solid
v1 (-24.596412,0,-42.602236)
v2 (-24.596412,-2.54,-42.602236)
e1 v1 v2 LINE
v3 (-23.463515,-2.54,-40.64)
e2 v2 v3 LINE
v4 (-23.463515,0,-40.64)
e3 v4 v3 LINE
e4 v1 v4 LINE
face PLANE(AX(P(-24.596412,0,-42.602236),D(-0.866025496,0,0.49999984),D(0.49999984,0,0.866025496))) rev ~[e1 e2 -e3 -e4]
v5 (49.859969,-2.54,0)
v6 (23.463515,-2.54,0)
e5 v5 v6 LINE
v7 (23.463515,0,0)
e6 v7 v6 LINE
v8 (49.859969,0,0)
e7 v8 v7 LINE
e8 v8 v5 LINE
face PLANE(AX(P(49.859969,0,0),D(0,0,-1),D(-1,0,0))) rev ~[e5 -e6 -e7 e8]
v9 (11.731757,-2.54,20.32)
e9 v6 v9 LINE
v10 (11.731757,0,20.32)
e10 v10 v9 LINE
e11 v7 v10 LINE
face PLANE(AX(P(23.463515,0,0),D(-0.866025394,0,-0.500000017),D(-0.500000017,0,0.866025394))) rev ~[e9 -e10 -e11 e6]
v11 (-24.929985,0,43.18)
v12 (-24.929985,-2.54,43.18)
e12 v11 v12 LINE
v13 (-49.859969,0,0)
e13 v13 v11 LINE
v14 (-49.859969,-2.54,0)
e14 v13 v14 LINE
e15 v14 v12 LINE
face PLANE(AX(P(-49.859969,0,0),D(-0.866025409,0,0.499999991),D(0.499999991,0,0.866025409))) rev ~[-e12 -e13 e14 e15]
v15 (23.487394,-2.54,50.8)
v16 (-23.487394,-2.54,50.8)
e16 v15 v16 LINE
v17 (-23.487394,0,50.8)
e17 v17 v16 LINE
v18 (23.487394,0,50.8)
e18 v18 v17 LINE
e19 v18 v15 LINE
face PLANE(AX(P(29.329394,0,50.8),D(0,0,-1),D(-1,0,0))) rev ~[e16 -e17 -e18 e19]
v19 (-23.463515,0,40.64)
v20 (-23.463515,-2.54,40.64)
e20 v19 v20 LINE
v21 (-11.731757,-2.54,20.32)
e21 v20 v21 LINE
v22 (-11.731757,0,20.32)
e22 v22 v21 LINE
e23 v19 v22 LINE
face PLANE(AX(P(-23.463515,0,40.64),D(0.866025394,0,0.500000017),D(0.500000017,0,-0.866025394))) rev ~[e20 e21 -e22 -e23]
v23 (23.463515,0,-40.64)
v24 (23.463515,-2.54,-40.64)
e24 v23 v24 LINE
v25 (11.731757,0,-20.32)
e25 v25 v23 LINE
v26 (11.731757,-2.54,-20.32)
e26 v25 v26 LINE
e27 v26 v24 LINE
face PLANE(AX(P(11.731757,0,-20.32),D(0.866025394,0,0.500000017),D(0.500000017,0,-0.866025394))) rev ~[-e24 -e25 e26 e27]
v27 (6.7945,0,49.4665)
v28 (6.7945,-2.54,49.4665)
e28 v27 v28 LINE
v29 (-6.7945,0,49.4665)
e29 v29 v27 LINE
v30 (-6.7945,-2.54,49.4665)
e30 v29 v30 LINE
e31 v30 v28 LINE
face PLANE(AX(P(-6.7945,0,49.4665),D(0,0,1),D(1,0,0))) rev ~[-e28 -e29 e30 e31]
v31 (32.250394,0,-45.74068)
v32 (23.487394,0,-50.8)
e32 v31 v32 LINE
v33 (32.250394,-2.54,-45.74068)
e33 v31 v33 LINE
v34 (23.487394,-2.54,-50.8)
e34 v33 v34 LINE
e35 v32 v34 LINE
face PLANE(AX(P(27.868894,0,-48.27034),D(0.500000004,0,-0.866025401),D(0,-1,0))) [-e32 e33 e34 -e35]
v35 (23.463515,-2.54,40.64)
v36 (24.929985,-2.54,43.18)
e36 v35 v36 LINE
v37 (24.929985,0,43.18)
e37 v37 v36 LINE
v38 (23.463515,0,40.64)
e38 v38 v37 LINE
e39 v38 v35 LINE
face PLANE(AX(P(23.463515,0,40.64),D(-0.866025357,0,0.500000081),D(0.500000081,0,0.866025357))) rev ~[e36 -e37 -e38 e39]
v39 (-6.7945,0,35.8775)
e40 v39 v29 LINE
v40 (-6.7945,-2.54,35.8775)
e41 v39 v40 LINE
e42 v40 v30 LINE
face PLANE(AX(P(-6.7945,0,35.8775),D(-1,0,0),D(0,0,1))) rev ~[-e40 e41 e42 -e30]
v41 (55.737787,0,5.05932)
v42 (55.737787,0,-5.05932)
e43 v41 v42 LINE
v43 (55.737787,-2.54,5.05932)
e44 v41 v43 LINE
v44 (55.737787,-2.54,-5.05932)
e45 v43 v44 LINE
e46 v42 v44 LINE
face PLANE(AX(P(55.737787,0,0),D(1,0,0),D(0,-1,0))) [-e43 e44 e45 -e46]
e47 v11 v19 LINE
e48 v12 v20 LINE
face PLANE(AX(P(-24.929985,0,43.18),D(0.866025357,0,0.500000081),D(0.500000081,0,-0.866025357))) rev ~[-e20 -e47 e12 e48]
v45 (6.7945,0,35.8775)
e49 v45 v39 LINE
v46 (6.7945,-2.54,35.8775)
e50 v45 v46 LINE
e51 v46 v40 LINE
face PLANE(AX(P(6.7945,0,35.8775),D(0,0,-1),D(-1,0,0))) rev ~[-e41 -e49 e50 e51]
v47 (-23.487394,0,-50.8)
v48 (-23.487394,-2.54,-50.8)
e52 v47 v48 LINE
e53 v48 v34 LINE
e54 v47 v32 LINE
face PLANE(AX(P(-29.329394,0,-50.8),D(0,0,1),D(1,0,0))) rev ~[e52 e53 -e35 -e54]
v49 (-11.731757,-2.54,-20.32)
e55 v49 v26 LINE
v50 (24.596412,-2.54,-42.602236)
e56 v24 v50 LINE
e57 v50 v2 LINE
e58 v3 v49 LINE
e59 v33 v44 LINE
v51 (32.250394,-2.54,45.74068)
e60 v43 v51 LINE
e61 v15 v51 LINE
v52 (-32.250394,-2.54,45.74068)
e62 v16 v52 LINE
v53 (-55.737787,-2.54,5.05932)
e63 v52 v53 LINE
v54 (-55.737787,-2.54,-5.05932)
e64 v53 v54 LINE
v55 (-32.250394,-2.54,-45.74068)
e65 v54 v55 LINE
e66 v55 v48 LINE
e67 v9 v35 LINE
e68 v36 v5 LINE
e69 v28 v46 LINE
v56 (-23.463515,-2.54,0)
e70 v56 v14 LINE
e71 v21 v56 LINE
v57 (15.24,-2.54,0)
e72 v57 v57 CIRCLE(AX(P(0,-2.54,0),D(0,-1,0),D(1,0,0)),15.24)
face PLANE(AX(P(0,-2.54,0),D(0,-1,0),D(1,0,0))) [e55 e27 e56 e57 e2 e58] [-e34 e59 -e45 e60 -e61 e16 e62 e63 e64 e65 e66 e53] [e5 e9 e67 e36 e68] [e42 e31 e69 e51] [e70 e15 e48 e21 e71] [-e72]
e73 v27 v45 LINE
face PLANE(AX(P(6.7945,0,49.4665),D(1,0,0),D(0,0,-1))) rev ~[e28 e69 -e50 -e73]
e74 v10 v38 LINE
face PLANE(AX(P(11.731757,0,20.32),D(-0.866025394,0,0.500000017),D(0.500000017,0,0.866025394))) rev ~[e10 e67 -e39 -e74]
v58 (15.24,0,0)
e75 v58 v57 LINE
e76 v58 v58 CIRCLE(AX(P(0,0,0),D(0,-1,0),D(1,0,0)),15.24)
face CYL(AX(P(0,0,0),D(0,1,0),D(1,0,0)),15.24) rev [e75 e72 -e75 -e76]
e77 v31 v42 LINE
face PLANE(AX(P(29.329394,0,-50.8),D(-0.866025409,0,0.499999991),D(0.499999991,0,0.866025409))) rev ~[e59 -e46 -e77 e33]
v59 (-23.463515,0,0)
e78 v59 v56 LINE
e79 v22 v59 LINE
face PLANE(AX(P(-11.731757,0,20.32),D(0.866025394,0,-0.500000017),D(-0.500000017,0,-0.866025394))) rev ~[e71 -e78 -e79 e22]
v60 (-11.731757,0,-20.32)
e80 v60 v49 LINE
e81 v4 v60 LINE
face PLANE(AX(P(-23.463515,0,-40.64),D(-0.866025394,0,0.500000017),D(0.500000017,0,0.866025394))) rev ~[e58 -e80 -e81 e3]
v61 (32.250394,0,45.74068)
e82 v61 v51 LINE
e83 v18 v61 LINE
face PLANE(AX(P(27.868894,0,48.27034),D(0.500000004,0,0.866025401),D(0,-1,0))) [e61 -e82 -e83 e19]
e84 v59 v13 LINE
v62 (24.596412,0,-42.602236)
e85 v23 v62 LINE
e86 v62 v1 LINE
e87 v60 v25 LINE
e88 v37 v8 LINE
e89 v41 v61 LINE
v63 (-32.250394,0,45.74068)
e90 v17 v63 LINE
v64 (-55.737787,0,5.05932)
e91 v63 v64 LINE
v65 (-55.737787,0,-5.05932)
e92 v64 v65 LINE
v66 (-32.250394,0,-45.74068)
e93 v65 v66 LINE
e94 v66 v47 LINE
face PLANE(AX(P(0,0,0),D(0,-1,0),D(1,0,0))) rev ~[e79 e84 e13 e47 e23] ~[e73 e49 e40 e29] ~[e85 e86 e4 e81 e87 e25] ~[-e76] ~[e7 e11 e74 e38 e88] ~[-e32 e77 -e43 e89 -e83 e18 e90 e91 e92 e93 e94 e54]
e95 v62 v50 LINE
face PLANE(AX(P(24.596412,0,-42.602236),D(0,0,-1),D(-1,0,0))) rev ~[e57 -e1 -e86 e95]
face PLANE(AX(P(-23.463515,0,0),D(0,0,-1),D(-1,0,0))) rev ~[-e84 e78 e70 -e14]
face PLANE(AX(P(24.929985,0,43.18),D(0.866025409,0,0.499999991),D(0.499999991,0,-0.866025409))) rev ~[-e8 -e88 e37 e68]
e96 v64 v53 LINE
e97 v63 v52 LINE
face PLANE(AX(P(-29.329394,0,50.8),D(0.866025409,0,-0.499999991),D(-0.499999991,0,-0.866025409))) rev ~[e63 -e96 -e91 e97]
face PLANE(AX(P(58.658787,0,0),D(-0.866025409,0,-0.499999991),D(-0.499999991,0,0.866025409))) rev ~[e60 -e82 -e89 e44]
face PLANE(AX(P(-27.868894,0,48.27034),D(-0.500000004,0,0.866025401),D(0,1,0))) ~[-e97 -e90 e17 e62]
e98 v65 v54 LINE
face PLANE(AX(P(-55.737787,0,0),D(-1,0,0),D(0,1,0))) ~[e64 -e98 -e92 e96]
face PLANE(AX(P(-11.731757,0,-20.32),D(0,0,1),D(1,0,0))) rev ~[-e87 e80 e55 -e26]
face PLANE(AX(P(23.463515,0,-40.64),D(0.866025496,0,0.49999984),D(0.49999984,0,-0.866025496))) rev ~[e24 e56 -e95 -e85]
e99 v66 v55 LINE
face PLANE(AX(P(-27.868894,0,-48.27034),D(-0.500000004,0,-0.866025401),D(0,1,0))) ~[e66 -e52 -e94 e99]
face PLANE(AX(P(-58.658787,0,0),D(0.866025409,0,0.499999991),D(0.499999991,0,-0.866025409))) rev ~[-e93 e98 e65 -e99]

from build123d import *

# Parameters (mm, degrees)
F0_R     = 15.24
F1_DEPTH = 2.54
F2_SIZE  = 5.842


with BuildPart() as f1:
    # F0 (on Front) → F1 (new body)
    with BuildSketch(Plane.XZ):
        Polygon((29.329394, 50.8), (-29.329394, 50.8), (-58.658787, 0), (-29.329394, -50.8), (29.329394, -50.8), (58.658787, 0), align=None)
        Polygon((-30.429246, 42.545), (-27.496307, 47.625), (-21.630428, 47.625), (-6.7945, 47.625), (-6.7945, 49.4665), (6.7945, 49.4665), (6.7945, 47.625), (21.630428, 47.625), (27.496307, 47.625), (30.429246, 42.545), (52.059674, 5.08), (54.992613, 0), (52.059674, -5.08), (30.429246, -42.545), (27.496307, -47.625), (21.630428, -47.625), (-21.630428, -47.625), (-27.496307, -47.625), (-30.429246, -42.545), (-52.059674, -5.08), (-54.992613, 0), (-52.059674, 5.08), align=None, mode=Mode.SUBTRACT)
        Polygon((-6.7945, 47.625), (-21.630428, 47.625), (-30.429246, 42.545), (-52.059674, 5.08), (-52.059674, -5.08), (-30.429246, -42.545), (-21.630428, -47.625), (21.630428, -47.625), (30.429246, -42.545), (52.059674, -5.08), (52.059674, 5.08), (30.429246, 42.545), (21.630428, 47.625), (6.7945, 47.625), (6.7945, 35.8775), (-6.7945, 35.8775), align=None)
        Polygon((-23.463515, 40.64), (-11.731757, 20.32), (11.731757, 20.32), (23.463515, 40.64), (24.929985, 43.18), (49.859969, 0), (46.92703, 0), (23.463515, 0), (11.731757, -20.32), (23.463515, -40.64), (24.596412, -42.602236), (-24.596412, -42.602236), (-23.463515, -40.64), (-11.731757, -20.32), (-23.463515, 0), (-46.92703, 0), (-49.859969, 0), (-24.929985, 43.18), align=None, mode=Mode.SUBTRACT)
        Polygon((54.992613, 0), (52.059674, 5.08), (52.059674, -5.08), align=None)
        Polygon((27.496307, 47.625), (21.630428, 47.625), (30.429246, 42.545), align=None)
        Polygon((-21.630428, 47.625), (-27.496307, 47.625), (-30.429246, 42.545), align=None)
        Polygon((-52.059674, -5.08), (-52.059674, 5.08), (-54.992613, 0), align=None)
        Polygon((-21.630428, -47.625), (-30.429246, -42.545), (-27.496307, -47.625), align=None)
        Polygon((30.429246, -42.545), (21.630428, -47.625), (27.496307, -47.625), align=None)
        Polygon((11.731757, 20.32), (-11.731757, 20.32), (-23.463515, 0), (-11.731757, -20.32), (11.731757, -20.32), (23.463515, 0), align=None)
        Circle(F0_R, mode=Mode.SUBTRACT)
    extrude(amount=F1_DEPTH)

    # F2
    f2_edges = [f1.edges().sort_by_distance(p)[0] for p in [
        (-29.329394, -1.27, 50.8),
        (29.329394, -1.27, 50.8),
        (58.658787, -1.27, 0),
        (-58.658787, -1.27, 0),
        (-29.329394, -1.27, -50.8),
        (29.329394, -1.27, -50.8),
    ]]
    chamfer(f2_edges, length=F2_SIZE)


solid = f1.part
